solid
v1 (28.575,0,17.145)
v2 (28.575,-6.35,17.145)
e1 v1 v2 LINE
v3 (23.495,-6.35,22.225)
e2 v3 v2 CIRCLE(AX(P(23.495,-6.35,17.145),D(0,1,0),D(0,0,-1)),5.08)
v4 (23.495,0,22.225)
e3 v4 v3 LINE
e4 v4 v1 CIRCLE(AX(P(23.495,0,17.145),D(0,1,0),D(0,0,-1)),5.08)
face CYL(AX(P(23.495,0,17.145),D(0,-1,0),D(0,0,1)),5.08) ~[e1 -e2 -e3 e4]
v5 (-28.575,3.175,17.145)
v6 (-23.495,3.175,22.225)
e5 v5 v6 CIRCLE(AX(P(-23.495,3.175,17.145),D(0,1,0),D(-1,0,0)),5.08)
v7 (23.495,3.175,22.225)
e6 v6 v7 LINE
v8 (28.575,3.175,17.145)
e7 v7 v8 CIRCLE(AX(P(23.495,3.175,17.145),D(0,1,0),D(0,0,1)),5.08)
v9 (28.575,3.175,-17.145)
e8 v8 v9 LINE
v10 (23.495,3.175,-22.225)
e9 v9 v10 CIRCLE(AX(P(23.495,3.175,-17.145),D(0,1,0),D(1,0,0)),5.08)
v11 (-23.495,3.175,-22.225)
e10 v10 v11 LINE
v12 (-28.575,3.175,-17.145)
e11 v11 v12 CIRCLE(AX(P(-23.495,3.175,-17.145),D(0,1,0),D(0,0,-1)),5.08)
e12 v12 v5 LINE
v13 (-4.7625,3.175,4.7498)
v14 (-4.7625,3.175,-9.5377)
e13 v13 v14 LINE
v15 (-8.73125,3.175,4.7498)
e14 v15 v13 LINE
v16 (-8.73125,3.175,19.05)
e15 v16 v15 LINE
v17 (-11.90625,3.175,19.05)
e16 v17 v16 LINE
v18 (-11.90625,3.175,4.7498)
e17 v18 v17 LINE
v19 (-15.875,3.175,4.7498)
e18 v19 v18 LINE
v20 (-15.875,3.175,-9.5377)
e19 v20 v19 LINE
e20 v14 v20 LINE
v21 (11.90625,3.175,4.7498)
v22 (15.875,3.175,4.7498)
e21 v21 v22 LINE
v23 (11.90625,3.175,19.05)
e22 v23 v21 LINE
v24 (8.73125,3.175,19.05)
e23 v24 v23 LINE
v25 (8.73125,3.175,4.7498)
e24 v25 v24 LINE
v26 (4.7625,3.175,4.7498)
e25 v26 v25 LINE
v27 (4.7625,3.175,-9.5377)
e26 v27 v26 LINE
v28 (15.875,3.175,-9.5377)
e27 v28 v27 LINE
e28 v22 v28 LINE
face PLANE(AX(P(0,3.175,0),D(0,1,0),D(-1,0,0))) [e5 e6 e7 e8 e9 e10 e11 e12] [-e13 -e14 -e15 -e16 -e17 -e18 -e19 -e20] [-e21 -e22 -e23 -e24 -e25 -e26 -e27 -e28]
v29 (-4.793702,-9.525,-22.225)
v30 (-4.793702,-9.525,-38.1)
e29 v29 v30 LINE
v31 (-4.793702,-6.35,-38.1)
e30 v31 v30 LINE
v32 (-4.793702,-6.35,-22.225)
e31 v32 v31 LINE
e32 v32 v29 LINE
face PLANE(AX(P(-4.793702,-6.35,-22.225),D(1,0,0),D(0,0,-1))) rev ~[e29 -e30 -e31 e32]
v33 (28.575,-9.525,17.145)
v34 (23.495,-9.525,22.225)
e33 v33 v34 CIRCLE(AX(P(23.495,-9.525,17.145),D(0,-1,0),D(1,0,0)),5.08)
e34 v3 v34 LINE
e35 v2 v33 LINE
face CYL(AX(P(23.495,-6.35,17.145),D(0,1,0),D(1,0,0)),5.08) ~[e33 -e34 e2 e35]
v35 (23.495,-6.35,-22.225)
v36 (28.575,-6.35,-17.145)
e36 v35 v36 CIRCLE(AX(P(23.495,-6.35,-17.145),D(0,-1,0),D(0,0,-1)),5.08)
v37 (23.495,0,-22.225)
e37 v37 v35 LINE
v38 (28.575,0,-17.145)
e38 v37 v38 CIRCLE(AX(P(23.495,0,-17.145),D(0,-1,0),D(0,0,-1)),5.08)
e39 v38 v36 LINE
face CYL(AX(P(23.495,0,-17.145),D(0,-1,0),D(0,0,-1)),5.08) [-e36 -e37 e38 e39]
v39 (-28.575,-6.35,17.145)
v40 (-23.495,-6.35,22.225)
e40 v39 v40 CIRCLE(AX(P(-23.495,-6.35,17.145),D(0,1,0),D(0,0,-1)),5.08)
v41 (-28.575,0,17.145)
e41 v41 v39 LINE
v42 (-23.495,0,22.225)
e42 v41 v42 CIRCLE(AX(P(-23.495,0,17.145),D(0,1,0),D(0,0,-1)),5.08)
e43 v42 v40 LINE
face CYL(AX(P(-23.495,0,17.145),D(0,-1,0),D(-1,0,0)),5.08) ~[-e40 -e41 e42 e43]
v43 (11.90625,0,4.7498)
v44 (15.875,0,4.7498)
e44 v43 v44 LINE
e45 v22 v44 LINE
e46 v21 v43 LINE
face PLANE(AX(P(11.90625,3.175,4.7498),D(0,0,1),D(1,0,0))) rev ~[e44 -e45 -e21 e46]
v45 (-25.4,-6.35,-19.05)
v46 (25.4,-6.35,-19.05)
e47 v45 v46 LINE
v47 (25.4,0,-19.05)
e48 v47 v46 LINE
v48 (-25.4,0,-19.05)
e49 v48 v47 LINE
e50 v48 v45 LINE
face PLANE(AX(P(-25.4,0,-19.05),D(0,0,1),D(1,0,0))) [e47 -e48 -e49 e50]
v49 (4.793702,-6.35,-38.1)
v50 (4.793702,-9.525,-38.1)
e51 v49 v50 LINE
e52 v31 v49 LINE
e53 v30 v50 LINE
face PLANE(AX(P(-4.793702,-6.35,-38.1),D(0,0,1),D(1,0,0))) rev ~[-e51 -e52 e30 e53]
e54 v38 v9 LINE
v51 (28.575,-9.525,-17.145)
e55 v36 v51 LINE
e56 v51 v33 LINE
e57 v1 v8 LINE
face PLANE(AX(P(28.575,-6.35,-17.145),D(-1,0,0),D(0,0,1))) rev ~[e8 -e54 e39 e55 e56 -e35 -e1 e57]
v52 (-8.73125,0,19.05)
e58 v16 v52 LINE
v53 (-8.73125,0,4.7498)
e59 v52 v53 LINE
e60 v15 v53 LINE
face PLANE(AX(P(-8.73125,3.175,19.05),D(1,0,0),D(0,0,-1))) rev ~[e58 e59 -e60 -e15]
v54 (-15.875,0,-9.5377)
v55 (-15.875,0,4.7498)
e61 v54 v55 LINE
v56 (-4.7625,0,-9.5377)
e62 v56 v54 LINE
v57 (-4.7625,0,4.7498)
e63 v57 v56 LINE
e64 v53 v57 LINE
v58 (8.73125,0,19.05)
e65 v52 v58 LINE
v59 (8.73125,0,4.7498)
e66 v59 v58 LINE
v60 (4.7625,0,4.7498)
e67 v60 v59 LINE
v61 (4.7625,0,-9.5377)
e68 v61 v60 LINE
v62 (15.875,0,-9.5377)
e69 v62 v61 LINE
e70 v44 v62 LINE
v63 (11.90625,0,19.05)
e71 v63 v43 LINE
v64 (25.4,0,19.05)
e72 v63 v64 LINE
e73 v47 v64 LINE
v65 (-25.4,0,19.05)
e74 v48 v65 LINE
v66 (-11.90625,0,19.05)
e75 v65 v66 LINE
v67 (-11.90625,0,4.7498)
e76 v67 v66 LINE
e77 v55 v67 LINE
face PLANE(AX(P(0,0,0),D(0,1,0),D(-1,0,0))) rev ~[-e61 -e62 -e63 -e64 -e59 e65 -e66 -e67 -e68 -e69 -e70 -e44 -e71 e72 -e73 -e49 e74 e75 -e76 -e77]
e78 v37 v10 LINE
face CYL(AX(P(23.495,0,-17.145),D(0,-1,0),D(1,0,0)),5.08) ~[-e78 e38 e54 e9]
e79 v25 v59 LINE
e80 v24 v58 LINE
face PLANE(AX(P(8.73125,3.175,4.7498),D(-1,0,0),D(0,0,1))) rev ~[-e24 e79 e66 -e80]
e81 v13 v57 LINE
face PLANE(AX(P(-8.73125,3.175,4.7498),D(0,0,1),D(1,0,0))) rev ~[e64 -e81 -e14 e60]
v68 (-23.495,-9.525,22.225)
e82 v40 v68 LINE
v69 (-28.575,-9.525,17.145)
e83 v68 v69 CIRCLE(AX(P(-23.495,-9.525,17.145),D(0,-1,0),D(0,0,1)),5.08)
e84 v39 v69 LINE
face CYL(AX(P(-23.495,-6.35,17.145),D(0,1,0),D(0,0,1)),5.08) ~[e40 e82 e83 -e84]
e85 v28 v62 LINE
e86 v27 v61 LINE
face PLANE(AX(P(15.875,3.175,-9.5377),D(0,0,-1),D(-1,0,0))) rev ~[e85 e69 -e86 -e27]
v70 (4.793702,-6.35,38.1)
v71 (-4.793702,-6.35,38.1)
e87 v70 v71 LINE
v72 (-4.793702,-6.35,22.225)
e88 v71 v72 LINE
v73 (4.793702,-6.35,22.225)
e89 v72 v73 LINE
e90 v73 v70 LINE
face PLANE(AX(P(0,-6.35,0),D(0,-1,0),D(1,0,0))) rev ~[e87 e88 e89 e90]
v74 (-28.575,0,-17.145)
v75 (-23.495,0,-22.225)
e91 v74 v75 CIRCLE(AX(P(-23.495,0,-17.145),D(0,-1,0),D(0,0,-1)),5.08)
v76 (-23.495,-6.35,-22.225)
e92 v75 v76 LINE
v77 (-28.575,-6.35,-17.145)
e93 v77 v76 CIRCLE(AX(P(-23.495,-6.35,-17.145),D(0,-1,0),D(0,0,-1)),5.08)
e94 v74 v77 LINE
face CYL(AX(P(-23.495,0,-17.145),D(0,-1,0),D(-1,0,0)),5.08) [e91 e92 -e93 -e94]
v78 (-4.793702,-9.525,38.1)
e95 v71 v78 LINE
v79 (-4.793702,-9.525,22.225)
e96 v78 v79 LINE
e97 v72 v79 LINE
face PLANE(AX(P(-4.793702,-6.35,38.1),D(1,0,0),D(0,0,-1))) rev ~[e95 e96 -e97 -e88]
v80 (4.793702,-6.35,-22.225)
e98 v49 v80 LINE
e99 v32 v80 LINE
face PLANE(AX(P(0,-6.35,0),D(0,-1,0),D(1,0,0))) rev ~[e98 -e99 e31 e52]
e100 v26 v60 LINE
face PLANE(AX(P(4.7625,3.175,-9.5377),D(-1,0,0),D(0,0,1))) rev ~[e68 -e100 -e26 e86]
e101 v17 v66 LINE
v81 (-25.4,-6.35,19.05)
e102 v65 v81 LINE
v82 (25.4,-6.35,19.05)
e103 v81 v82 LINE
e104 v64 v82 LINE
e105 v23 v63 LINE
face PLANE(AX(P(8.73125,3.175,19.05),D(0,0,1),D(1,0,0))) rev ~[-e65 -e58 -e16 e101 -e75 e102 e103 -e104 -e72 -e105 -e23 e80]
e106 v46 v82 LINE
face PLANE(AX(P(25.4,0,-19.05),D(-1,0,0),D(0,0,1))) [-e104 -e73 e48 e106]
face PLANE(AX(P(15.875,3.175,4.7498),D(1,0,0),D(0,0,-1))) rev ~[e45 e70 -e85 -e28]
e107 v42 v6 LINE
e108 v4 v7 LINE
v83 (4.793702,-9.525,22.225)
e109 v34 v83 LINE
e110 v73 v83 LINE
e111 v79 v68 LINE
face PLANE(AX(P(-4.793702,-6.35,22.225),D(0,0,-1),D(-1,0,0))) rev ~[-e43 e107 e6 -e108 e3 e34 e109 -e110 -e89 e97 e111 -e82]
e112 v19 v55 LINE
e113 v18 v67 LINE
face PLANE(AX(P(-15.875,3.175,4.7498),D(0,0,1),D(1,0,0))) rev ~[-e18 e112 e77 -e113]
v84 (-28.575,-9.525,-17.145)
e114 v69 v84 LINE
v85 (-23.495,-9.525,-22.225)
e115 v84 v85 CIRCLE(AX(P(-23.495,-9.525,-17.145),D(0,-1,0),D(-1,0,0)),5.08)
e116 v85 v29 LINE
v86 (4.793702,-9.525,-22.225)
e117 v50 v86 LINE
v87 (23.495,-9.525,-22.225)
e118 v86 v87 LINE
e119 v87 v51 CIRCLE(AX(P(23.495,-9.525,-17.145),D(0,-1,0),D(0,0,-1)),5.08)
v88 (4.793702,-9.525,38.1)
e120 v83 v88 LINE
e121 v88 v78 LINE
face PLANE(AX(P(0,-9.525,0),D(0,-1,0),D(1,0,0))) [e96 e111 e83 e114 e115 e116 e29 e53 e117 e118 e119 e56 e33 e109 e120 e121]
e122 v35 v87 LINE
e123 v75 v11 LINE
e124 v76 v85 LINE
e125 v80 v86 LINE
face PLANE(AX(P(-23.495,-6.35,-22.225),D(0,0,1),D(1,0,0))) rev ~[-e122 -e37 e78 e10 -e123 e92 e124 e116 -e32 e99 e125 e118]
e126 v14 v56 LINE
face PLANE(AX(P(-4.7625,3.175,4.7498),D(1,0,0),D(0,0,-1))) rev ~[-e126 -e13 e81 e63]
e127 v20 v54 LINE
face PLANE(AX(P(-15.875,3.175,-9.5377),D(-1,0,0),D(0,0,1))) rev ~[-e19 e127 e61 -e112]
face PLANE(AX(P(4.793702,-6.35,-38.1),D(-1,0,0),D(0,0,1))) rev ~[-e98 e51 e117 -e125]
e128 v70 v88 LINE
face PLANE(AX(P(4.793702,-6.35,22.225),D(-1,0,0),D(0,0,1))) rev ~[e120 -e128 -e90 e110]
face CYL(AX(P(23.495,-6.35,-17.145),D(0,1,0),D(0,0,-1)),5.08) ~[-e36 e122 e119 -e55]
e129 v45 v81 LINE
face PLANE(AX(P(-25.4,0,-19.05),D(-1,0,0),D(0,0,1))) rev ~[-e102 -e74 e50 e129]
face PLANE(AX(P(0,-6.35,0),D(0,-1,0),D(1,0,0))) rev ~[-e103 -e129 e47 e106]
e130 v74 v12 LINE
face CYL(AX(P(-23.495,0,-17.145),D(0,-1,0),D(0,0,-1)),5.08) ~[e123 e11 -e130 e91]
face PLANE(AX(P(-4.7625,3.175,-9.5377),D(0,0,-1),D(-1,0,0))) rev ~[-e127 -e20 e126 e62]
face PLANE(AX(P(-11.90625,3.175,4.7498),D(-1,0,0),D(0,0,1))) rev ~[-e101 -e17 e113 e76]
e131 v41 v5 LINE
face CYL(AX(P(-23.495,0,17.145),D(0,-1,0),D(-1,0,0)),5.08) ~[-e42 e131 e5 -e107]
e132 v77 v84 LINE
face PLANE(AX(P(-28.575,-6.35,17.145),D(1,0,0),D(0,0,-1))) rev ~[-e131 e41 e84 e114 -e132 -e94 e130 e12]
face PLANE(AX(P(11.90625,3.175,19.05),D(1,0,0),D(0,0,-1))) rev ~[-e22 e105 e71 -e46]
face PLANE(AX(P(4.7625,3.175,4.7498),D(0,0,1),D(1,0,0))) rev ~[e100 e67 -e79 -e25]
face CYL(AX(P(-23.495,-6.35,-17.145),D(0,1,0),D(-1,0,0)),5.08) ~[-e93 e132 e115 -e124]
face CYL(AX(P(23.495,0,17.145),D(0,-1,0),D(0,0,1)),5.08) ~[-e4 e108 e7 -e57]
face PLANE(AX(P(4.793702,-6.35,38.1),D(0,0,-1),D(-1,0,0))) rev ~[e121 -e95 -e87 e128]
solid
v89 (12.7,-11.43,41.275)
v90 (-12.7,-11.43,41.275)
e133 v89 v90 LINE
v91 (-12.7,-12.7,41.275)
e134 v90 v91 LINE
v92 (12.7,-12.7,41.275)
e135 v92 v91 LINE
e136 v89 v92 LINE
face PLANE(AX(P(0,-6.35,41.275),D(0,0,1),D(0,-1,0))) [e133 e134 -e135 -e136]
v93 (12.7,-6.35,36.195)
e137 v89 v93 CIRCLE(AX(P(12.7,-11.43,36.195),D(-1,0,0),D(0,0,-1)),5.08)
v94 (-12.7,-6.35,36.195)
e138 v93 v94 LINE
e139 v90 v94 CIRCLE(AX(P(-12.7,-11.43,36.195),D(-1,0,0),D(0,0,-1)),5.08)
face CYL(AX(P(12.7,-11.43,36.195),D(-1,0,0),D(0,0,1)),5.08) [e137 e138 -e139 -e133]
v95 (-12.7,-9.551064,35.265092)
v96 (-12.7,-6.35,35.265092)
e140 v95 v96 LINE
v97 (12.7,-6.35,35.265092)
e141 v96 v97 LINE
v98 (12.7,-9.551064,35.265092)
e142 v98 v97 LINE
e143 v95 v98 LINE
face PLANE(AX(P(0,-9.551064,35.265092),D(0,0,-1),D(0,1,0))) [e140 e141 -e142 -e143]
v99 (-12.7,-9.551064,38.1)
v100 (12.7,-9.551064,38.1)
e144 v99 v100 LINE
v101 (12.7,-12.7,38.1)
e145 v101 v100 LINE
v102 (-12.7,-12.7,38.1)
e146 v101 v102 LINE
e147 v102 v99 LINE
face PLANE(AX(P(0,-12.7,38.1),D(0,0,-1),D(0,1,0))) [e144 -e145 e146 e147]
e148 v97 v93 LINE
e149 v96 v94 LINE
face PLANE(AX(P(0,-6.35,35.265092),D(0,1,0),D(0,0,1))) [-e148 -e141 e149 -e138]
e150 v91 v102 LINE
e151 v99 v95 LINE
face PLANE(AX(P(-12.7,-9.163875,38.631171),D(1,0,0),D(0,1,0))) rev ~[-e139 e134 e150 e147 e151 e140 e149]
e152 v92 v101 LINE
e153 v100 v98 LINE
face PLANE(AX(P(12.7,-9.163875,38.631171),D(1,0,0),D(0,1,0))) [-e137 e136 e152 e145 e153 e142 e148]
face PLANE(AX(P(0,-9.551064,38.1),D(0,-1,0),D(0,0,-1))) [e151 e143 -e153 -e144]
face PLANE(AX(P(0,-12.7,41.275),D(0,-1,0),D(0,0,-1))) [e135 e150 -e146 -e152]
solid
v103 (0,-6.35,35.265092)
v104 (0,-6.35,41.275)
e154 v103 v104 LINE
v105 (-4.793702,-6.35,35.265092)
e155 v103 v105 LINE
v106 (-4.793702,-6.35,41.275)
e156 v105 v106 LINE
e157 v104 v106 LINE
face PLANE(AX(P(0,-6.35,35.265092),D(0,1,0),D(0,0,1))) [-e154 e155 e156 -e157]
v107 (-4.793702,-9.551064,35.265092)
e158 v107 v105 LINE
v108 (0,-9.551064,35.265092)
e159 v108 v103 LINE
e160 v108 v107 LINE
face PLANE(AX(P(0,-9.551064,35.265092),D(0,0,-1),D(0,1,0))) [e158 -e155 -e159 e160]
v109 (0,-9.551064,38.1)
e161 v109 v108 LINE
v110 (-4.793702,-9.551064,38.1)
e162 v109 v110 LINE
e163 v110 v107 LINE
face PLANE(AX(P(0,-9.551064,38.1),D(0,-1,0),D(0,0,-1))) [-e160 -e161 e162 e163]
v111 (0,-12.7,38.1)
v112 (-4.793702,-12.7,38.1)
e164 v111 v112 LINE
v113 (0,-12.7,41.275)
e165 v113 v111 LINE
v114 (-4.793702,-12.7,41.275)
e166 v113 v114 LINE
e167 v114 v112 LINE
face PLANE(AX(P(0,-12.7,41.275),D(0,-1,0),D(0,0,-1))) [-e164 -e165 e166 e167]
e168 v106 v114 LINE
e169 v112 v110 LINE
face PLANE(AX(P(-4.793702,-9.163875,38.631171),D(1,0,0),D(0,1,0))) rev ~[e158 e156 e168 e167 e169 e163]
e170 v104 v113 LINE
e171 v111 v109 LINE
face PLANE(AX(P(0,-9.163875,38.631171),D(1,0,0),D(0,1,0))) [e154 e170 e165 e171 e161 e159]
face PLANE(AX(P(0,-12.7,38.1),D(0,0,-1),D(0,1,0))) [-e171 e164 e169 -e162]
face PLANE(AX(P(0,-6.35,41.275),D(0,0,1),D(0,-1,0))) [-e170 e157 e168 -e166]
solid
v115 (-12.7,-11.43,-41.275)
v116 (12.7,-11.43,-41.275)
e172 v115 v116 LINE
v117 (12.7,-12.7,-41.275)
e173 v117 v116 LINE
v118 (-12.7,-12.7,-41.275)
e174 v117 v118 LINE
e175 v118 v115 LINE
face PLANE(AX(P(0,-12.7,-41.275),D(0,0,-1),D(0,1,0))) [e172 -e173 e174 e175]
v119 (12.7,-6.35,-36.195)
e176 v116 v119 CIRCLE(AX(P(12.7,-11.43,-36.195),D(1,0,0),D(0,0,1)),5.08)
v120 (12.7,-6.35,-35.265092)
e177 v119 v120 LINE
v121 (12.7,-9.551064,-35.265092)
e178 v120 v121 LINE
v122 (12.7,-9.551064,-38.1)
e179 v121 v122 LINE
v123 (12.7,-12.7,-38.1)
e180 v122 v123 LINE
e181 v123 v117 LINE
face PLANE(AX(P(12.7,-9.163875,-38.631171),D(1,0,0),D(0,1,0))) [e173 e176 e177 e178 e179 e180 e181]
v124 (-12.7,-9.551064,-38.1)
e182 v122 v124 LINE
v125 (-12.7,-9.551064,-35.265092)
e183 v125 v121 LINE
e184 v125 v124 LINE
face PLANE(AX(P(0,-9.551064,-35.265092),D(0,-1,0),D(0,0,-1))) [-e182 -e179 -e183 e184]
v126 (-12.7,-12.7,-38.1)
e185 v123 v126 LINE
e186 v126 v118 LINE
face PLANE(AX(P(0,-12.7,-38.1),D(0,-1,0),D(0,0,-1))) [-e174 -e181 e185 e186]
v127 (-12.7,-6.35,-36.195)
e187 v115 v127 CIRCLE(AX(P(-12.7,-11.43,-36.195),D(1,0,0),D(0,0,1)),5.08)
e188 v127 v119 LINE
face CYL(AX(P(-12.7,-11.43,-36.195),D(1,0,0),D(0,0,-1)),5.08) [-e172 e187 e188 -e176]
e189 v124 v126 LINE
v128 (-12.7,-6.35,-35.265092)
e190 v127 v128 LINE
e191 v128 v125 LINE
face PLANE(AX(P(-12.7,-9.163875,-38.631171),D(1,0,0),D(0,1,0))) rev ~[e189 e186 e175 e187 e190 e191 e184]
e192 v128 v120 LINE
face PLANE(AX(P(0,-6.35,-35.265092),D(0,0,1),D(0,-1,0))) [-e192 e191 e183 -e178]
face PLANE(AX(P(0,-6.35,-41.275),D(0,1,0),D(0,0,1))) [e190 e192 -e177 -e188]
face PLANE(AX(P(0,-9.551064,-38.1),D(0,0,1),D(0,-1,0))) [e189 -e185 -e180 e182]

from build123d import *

# Parameters (mm, degrees)
F0_W           = 57.15
F0_H           = 44.45
F0_W_2         = 50.8
F0_H_2         = 38.1
F1_DEPTH       = 6.35
F2_R           = 5.08
F4_DEPTH       = 3.175
F6_DEPTH       = 25.4
F8_DEPTH       = 3.175
F10_DEPTH      = 4.7937016934
F11_DEPTH      = 12.7
F11_DEPTH_BACK = 12.7
F12_R          = 5.08


with BuildPart() as f1:
    # F0 (on Front) → F1 (new body)
    with BuildSketch(Plane.XZ):
        Rectangle(F0_W, F0_H)
        Rectangle(F0_W_2, F0_H_2, mode=Mode.SUBTRACT)
    extrude(amount=F1_DEPTH)

    # F2
    f2_edges = [f1.edges().sort_by_distance(p)[0] for p in [
        (-28.575, -3.175, 22.225),
        (28.575, -3.175, 22.225),
        (28.575, -3.175, -22.225),
        (-28.575, -3.175, -22.225),
    ]]
    fillet(f2_edges, radius=F2_R)

    # F3 (on face) → F4 (join)
    with BuildSketch(Plane(origin=(0, 0, 0), x_dir=(-1, 0, 0), z_dir=(0, 1, 0))):
        with BuildLine():
            Line((23.495, 22.225), (-23.495, 22.225))
            ThreePointArc((-23.495, 22.225), (-27.0871024484, 20.7371024484), (-28.575, 17.145))
            Line((-28.575, 17.145), (-28.575, -17.145))
            ThreePointArc((-28.575, -17.145), (-27.0871024484, -20.7371024484), (-23.495, -22.225))
            Line((-23.495, -22.225), (23.495, -22.225))
            ThreePointArc((23.495, -22.225), (27.0871024484, -20.7371024484), (28.575, -17.145))
            Line((28.575, -17.145), (28.575, 17.145))
            ThreePointArc((28.575, 17.145), (27.0871024484, 20.7371024484), (23.495, 22.225))
        make_face()
    extrude(amount=F4_DEPTH)

    # F5 (on face) → F6 (cut)
    with BuildSketch(Plane(origin=(0, 3.175, 0), x_dir=(-1, 0, 0), z_dir=(0, 1, 0))):
        Polygon((-8.73125, 4.7498), (-8.73125, 19.05), (-11.90625, 19.05), (-11.90625, 4.7498), (-15.875, 4.7498), (-15.875, -9.5377), (-4.7625, -9.5377), (-4.7625, 4.7498), align=None)
        Polygon((15.875, 4.7498), (11.90625, 4.7498), (11.90625, 19.05), (8.73125, 19.05), (8.73125, 4.7498), (4.7625, 4.7498), (4.7625, -9.5377), (15.875, -9.5377), align=None)
    extrude(amount=-F6_DEPTH, mode=Mode.SUBTRACT)

    # F7 (on face) → F8 (join)
    with BuildSketch(Plane.XZ.offset(6.35)):
        with BuildLine():
            Line((-4.7937016934, 22.225), (-23.495, 22.225))
            ThreePointArc((-23.495, 22.225), (-27.0871024484, 20.7371024484), (-28.575, 17.145))
            Line((-28.575, 17.145), (-28.575, -17.145))
            ThreePointArc((-28.575, -17.145), (-27.0871024484, -20.7371024484), (-23.495, -22.225))
            Line((-23.495, -22.225), (-4.7937016934, -22.225))
            Line((-4.7937016934, -22.225), (-4.7937016934, -38.1))
            Line((-4.7937016934, -38.1), (4.7937016934, -38.1))
            Line((4.7937016934, -38.1), (4.7937016934, -22.225))
            Line((4.7937016934, -22.225), (23.495, -22.225))
            ThreePointArc((23.495, -22.225), (27.0871024484, -20.7371024484), (28.575, -17.145))
            Line((28.575, -17.145), (28.575, 17.145))
            ThreePointArc((28.575, 17.145), (27.0871024484, 20.7371024484), (23.495, 22.225))
            Line((23.495, 22.225), (4.7937016934, 22.225))
            Line((4.7937016934, 22.225), (4.7937016934, 38.1))
            Line((4.7937016934, 38.1), (-4.7937016934, 38.1))
            Line((-4.7937016934, 38.1), (-4.7937016934, 22.225))
        make_face()
    extrude(amount=F8_DEPTH)


with BuildPart() as f10:
    # F9 (on Right) → F10 (new body, through all)
    with BuildSketch(Plane.YZ):
        Polygon((-12.7, 38.1), (-9.5510641113, 38.1), (-9.5510641113, 35.2650918067), (-6.35, 35.2650918067), (-6.35, 38.1), (-6.35, 41.275), (-12.7, 41.275), align=None)
    extrude(amount=-F10_DEPTH)


with BuildPart() as f11:
    # F9 (on Right) → F11 (new body, two sides)
    with BuildSketch(Plane.YZ) as f11_sk:
        Polygon((-12.7, 38.1), (-9.5510641113, 38.1), (-9.5510641113, 35.2650918067), (-6.35, 35.2650918067), (-6.35, 38.1), (-6.35, 41.275), (-12.7, 41.275), align=None)
        Polygon((-12.7, -41.275), (-6.35, -41.275), (-6.35, -38.1), (-6.35, -35.2650918067), (-9.5510641113, -35.2650918067), (-9.5510641113, -38.1), (-12.7, -38.1), align=None)
    extrude(amount=F11_DEPTH)
    extrude(f11_sk.sketch, amount=-F11_DEPTH_BACK)

    # F12
    f12_edges = [f11.edges().sort_by_distance(p)[0] for p in [
        (0, -6.35, 41.275),
        (0, -6.35, -41.275),
    ]]
    fillet(f12_edges, radius=F12_R)


solid = Compound([f1.part, f10.part, f11.part])
